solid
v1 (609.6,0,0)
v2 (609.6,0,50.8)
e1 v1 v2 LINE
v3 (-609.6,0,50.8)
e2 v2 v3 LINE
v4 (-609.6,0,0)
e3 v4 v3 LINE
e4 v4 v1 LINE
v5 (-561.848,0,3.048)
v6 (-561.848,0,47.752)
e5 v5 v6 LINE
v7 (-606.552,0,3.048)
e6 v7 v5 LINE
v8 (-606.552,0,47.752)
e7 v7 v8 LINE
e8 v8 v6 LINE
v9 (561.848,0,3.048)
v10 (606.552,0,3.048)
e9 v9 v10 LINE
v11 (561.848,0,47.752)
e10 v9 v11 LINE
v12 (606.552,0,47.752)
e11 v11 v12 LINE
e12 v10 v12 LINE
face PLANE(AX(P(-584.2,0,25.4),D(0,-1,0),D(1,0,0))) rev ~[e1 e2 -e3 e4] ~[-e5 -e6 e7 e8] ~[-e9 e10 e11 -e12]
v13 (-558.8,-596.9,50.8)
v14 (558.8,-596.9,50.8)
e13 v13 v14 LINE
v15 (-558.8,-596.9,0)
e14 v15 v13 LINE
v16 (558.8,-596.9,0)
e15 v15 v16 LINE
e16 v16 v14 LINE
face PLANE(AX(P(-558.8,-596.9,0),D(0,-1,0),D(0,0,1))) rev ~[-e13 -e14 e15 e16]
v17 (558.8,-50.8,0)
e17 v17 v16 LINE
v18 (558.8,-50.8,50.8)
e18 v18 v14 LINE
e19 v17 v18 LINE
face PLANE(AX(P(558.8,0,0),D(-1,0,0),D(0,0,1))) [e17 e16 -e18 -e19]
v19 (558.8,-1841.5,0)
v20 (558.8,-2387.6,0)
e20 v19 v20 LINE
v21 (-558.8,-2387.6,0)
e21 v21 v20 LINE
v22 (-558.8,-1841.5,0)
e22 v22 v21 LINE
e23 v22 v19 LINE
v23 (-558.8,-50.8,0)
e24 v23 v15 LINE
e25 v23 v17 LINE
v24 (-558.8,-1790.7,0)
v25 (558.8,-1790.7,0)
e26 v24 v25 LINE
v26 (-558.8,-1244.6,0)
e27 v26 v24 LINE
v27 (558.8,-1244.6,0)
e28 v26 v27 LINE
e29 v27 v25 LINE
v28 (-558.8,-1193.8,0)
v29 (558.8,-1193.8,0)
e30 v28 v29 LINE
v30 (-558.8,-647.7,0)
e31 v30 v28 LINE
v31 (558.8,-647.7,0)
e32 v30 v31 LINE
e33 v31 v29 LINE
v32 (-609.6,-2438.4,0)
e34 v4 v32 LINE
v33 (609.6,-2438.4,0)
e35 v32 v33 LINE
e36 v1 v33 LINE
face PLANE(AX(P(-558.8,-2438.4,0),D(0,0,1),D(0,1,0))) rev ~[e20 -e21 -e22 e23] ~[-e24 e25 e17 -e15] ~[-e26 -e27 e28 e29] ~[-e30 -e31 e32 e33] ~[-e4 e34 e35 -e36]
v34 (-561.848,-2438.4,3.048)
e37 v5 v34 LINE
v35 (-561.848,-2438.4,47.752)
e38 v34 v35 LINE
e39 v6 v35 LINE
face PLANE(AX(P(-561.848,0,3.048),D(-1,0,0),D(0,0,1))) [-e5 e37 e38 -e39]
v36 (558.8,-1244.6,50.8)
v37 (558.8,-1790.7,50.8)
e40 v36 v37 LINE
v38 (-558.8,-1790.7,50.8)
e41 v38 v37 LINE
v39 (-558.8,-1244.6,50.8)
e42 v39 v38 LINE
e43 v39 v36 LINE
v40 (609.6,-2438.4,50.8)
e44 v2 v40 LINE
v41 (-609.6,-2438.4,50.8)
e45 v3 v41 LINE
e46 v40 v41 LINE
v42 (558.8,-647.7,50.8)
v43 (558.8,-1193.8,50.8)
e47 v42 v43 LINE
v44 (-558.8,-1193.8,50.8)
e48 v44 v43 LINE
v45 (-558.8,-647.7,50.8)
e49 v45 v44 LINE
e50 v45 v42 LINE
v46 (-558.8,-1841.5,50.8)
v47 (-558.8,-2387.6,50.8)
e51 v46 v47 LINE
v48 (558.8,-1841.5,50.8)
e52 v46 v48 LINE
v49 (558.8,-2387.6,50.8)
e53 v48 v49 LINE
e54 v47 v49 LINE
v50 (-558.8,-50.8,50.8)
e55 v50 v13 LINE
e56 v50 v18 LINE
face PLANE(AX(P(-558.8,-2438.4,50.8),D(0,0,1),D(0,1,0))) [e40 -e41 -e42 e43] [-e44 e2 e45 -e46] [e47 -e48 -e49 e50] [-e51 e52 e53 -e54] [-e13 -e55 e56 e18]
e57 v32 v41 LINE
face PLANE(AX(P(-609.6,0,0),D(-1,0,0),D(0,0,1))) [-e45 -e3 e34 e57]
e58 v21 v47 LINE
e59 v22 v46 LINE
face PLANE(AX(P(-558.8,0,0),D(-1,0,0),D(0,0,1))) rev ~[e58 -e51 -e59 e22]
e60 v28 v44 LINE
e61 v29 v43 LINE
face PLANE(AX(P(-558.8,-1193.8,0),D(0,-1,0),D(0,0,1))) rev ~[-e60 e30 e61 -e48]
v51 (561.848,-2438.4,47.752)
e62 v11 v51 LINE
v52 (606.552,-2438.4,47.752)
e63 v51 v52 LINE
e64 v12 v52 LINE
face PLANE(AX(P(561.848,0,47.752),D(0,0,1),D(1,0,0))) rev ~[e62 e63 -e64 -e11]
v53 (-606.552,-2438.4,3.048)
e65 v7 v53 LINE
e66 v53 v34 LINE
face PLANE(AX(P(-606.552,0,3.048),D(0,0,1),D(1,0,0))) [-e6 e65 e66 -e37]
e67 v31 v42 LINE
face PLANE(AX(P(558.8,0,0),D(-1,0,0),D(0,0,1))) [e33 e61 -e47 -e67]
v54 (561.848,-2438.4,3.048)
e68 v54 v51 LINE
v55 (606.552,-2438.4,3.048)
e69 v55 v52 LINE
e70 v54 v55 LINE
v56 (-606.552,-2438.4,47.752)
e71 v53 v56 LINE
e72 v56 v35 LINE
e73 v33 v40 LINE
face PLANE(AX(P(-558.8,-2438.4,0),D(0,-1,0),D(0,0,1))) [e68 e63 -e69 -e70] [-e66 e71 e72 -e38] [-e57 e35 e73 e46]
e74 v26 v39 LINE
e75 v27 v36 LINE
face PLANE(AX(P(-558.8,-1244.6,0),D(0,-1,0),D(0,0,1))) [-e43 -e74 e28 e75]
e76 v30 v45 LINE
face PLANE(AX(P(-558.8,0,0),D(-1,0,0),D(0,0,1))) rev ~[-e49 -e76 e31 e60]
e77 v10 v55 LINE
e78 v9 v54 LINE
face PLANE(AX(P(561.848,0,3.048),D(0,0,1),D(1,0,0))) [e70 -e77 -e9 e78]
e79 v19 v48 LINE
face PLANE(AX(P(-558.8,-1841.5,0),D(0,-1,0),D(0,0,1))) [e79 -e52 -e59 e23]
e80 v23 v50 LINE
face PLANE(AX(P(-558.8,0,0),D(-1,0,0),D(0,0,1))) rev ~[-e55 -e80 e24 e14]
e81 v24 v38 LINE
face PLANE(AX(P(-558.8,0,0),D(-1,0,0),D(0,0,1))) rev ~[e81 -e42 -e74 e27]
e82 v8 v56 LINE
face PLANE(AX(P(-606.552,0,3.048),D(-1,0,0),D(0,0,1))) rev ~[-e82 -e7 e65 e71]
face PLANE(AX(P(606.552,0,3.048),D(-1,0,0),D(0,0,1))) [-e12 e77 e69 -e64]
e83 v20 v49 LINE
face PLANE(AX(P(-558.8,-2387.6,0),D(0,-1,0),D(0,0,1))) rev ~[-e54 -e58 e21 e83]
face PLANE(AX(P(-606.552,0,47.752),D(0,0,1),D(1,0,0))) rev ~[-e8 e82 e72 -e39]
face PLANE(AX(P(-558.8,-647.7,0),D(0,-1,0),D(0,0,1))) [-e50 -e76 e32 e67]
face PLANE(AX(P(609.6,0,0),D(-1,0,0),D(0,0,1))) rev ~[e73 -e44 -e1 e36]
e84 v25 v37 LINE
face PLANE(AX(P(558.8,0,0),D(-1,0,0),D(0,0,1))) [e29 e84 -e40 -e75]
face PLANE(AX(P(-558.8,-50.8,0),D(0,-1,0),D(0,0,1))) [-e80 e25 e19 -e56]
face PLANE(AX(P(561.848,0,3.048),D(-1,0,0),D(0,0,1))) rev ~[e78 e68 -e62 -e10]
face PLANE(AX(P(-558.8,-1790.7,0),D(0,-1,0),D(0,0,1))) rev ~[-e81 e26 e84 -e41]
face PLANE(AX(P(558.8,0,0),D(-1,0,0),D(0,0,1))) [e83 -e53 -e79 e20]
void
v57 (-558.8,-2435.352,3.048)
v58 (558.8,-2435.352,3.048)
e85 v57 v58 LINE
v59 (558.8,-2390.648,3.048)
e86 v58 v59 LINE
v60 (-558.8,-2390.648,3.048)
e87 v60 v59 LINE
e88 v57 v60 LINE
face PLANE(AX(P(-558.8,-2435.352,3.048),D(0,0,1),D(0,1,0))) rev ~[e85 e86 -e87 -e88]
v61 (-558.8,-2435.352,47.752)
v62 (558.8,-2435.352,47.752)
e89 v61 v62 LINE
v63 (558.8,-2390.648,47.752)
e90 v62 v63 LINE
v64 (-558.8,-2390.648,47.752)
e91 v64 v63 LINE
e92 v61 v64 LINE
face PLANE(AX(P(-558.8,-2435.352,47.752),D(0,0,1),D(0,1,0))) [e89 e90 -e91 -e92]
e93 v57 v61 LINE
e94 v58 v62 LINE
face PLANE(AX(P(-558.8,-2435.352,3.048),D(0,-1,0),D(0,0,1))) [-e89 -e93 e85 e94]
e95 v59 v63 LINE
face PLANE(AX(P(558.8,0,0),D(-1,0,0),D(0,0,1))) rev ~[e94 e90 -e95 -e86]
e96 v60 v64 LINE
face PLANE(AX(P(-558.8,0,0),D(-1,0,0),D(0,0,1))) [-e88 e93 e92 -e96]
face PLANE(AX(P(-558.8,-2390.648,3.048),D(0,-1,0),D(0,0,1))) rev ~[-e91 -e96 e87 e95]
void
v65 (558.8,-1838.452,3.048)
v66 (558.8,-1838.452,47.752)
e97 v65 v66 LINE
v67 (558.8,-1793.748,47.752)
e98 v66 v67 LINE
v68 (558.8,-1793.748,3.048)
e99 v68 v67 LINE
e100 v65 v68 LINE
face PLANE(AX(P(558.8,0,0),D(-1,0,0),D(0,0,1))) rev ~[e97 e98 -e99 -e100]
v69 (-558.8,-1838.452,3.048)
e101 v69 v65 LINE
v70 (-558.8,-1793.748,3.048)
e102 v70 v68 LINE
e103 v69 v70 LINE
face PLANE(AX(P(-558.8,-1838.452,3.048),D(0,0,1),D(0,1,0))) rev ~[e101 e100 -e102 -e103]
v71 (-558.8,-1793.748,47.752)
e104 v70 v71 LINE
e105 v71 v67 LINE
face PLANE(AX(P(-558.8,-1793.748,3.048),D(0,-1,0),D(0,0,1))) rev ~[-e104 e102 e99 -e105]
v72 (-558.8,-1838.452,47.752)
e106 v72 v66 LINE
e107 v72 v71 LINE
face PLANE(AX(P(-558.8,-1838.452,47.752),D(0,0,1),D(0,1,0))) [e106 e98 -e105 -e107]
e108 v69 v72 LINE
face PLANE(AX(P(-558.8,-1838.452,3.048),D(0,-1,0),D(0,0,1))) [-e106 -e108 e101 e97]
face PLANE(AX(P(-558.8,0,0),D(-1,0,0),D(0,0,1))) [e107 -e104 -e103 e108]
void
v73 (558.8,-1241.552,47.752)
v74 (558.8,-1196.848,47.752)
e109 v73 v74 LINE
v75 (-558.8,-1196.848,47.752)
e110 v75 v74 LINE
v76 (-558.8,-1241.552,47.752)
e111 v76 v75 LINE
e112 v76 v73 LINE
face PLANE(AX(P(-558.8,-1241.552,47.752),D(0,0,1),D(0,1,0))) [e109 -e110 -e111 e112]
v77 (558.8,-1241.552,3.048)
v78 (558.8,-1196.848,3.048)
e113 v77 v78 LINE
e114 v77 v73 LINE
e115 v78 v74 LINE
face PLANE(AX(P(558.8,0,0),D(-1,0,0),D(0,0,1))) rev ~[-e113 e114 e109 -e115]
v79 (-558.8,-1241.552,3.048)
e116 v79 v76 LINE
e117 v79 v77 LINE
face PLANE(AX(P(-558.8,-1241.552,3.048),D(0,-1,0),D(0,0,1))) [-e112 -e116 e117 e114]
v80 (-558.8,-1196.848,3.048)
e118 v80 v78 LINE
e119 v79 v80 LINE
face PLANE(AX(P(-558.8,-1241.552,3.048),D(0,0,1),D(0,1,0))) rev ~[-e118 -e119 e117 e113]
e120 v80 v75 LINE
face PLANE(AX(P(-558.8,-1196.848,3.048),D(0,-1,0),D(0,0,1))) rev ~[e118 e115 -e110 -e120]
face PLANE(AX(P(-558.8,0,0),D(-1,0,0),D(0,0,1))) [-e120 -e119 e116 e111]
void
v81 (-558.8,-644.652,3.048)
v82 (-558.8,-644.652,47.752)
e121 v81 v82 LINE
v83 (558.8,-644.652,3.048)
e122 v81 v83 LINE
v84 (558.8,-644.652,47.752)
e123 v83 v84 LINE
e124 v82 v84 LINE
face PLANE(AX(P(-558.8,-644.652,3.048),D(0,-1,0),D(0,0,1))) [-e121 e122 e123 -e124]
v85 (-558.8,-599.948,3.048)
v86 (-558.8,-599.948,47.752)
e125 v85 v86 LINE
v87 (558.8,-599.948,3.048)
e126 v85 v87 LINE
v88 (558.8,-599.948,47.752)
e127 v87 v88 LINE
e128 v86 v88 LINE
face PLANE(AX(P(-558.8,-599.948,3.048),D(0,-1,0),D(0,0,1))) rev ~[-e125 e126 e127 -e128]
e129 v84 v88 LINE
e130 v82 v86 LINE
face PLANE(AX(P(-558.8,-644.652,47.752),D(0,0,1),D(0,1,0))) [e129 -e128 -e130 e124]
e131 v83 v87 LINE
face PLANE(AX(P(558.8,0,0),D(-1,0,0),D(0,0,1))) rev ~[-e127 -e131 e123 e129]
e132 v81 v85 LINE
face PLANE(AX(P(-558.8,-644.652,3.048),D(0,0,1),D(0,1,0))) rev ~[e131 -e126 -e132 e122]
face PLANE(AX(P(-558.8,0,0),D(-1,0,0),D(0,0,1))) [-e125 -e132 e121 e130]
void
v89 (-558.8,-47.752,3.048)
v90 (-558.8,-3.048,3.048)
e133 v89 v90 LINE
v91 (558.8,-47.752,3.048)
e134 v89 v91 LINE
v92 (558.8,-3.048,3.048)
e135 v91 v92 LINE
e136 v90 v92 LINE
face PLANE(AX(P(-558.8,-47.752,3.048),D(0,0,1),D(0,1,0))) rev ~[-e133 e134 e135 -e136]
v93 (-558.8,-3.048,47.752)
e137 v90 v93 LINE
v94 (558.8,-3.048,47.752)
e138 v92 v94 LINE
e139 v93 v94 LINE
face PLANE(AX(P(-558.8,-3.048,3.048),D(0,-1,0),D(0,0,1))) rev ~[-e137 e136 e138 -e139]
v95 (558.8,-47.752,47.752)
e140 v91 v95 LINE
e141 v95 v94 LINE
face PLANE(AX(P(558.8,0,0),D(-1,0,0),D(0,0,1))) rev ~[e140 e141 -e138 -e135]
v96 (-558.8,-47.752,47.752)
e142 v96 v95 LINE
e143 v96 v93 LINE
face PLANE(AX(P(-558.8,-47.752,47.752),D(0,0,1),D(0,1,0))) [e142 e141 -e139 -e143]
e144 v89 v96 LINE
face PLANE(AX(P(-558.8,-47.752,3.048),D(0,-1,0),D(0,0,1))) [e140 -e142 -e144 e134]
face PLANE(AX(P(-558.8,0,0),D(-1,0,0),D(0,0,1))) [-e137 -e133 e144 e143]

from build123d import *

# Parameters (mm, degrees)
F0_W     = 44.704
F0_H     = 44.704
F0_W_2   = 50.8
F0_H_2   = 50.8
F1_DEPTH = 2438.4
F2_DEPTH = 2438.4
F3_W     = 50.8
F3_H     = 50.8
F3_W_2   = 44.704
F3_H_2   = 44.704
F4_DEPTH = 1117.6


with BuildPart() as f1:
    # F0 (on Front) → F1 (new body)
    with BuildSketch(Plane.XZ):
        with Locations((-584.2, 25.4)):
            Rectangle(F0_W, F0_H)
        with Locations((-584.2, 25.4)):
            Rectangle(F0_W_2, F0_H_2)
        with Locations((-584.2, 25.4)):
            Rectangle(F0_W, F0_H, mode=Mode.SUBTRACT)
        with Locations((584.2, 25.4)):
            Rectangle(F0_W, F0_H)
        with Locations((584.2, 25.4)):
            Rectangle(F0_W_2, F0_H_2)
        with Locations((584.2, 25.4)):
            Rectangle(F0_W, F0_H, mode=Mode.SUBTRACT)
    extrude(amount=F1_DEPTH)

    # F0 (on Front) → F2 (cut)
    with BuildSketch(Plane.XZ):
        with Locations((-584.2, 25.4)):
            Rectangle(F0_W, F0_H)
        with Locations((584.2, 25.4)):
            Rectangle(F0_W, F0_H)
    extrude(amount=F2_DEPTH, mode=Mode.SUBTRACT)

    # F3 (on face) → F4 (join, through all)
    with BuildSketch(Plane.YZ.offset(-558.8)):
        with Locations((-2413, 25.4)):
            Rectangle(F3_W, F3_H)
        with Locations((-2413, 25.4)):
            Rectangle(F3_W_2, F3_H_2, mode=Mode.SUBTRACT)
        with Locations((-1816.1, 25.4)):
            Rectangle(F3_W, F3_H)
        with Locations((-1816.1, 25.4)):
            Rectangle(F3_W_2, F3_H_2, mode=Mode.SUBTRACT)
        with Locations((-1219.2, 25.4)):
            Rectangle(F3_W, F3_H)
        with Locations((-1219.2, 25.4)):
            Rectangle(F3_W_2, F3_H_2, mode=Mode.SUBTRACT)
        with Locations((-622.3, 25.4)):
            Rectangle(F3_W, F3_H)
        with Locations((-622.3, 25.4)):
            Rectangle(F3_W_2, F3_H_2, mode=Mode.SUBTRACT)
        with Locations((-25.4, 25.4)):
            Rectangle(F3_W, F3_H)
        with Locations((-25.4, 25.4)):
            Rectangle(F3_W_2, F3_H_2, mode=Mode.SUBTRACT)
    extrude(amount=F4_DEPTH)


solid = f1.part
